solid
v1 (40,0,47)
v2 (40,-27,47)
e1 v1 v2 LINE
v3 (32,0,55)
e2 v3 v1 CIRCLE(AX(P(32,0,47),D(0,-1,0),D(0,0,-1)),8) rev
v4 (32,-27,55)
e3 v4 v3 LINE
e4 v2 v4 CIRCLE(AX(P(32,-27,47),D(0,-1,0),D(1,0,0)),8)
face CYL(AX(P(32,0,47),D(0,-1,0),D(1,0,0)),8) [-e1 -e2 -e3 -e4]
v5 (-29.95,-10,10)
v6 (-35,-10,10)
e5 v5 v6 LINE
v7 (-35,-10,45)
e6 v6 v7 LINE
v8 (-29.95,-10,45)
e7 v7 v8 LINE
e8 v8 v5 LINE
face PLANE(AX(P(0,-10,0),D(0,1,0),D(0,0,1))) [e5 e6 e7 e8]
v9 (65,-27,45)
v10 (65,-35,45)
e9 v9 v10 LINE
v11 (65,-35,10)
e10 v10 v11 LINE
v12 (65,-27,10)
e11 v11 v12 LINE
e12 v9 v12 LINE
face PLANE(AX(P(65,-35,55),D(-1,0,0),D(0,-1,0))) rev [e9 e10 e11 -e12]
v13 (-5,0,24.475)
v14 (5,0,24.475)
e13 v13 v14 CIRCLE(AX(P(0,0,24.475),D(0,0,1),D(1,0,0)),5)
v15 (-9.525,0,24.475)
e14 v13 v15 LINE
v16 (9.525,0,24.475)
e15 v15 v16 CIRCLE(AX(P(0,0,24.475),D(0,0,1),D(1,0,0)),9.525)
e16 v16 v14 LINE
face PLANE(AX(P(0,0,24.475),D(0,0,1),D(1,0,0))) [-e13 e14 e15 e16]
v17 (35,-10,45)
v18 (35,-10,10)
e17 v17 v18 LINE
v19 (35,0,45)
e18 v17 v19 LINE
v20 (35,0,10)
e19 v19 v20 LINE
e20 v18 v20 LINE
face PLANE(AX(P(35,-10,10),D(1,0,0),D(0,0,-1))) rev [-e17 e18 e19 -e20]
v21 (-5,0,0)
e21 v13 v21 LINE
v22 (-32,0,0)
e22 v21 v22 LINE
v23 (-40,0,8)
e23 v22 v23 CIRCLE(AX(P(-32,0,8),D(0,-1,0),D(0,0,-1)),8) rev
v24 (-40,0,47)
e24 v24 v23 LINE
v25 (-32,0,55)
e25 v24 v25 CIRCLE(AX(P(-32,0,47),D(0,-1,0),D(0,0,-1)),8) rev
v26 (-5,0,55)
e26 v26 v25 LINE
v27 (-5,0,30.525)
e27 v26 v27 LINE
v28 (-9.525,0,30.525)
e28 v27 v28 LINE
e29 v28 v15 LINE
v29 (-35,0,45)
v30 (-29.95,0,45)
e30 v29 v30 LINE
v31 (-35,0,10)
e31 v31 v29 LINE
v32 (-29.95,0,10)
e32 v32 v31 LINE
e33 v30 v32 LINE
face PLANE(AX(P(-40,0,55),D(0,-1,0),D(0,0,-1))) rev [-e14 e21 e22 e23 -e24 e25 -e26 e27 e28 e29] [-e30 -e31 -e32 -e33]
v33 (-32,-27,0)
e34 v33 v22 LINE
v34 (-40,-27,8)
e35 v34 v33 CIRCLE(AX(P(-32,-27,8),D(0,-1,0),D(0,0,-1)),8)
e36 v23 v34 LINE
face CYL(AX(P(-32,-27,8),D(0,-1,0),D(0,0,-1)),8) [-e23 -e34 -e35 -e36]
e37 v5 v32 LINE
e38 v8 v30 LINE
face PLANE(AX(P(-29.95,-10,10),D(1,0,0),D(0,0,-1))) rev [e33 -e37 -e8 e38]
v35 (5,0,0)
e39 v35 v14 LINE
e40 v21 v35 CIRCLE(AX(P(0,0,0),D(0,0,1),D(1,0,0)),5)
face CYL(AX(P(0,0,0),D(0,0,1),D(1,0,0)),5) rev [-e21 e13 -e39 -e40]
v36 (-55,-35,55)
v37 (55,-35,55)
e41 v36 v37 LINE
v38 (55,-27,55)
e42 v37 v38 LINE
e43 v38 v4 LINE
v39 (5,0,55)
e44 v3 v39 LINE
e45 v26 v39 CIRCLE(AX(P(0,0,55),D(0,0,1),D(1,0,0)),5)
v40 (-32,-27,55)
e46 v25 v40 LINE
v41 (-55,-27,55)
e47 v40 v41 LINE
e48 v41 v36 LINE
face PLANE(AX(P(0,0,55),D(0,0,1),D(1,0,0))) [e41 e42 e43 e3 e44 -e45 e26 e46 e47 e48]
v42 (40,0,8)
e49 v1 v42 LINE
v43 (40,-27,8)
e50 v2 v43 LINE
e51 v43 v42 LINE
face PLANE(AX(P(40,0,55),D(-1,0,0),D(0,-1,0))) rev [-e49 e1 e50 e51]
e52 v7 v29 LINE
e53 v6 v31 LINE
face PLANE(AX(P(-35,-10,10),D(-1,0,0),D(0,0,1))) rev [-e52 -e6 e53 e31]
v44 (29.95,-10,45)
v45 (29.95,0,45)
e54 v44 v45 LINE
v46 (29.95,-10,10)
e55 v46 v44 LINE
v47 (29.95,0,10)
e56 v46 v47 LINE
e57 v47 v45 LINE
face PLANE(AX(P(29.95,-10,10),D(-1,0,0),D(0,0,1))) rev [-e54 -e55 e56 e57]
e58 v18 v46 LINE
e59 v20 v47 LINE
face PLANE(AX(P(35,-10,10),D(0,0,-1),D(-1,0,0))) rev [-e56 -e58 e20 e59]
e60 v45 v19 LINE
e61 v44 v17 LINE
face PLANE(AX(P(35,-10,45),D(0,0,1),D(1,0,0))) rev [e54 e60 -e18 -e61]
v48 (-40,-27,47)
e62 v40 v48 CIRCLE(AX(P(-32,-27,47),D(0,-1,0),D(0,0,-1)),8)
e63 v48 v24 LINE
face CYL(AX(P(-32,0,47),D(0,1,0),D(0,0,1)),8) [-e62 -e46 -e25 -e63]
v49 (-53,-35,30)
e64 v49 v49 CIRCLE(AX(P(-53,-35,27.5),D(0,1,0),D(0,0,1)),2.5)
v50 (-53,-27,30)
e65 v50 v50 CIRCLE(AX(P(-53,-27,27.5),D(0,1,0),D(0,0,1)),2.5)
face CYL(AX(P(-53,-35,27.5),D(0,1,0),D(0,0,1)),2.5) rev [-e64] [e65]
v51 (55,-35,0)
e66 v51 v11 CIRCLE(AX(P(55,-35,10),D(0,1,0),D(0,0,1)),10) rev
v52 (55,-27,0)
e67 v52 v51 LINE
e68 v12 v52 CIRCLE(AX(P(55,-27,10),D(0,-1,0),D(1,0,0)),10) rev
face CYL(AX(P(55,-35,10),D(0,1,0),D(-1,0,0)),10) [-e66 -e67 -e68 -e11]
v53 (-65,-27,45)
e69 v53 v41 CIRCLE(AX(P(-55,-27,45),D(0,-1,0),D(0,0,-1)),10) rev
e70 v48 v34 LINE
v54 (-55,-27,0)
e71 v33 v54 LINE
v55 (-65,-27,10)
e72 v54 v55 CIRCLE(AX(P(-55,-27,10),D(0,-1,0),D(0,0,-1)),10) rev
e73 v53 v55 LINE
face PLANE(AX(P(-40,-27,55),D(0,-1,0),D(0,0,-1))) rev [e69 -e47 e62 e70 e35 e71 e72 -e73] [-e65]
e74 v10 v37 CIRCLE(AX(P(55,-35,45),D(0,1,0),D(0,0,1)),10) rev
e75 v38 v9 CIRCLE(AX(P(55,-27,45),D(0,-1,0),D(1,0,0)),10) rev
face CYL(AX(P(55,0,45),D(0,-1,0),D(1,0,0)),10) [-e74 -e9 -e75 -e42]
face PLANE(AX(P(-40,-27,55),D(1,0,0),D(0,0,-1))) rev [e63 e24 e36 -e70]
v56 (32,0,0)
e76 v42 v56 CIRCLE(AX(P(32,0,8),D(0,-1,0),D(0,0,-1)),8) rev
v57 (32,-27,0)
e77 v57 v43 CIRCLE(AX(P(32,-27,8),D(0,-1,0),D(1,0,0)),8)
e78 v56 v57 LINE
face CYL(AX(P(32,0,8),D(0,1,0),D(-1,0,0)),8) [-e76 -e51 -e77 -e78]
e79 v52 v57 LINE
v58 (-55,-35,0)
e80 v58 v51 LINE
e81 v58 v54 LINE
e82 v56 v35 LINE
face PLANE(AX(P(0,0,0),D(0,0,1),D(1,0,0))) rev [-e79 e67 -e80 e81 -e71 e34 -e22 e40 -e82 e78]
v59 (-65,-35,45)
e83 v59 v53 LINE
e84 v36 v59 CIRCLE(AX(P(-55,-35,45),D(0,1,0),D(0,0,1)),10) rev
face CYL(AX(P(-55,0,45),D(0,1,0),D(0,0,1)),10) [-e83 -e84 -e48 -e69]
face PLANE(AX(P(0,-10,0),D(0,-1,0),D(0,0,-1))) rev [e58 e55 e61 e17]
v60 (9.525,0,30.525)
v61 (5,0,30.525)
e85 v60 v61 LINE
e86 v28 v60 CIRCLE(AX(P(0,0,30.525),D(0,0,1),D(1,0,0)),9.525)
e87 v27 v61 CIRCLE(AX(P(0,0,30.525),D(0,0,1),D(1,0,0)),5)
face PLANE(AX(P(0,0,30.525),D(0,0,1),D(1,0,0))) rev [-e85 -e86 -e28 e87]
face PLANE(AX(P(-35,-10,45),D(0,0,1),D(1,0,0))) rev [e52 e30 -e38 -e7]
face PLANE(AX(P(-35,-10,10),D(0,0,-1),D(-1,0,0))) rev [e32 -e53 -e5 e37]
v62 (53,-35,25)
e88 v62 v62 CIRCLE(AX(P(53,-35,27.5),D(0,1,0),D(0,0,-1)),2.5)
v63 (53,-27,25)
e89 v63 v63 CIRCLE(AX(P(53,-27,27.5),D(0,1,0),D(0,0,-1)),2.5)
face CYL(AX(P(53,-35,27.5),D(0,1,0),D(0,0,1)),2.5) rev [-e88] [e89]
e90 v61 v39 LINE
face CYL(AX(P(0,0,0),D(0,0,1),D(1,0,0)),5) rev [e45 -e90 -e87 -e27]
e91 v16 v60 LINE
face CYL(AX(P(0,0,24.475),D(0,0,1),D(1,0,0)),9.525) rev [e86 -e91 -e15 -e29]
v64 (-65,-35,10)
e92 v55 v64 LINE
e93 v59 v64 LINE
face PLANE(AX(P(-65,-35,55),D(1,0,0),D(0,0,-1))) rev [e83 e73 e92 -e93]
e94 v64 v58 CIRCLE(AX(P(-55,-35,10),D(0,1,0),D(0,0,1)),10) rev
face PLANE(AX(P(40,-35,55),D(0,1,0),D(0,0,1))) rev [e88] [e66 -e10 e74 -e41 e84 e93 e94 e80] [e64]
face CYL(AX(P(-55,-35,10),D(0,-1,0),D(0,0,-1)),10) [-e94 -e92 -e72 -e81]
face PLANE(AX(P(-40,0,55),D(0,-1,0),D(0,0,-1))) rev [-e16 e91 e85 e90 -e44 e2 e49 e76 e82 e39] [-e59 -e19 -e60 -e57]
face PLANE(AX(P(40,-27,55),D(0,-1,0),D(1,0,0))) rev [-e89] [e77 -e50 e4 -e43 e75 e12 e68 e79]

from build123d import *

# Parameters (mm, degrees)
SALIENTE_EXTRUIR1_DEPTH    = 55
CROQUIS2_R                 = 9.525
CORTAR_EXTRUIR1_DEPTH      = 3.025
CROQUIS3_W                 = 5.05
CROQUIS3_H                 = 35
CORTAR_EXTRUIR2_DEPTH      = 10
CORTAR_EXTRUIR3_DEPTH      = 79.779756283
CORTAR_EXTRUIR3_DEPTH_BACK = 79.779756283
CROQUIS4_R                 = 5
REDONDEO1_R                = 10
CROQUIS5_R                 = 2.5
CORTAR_EXTRUIR4_DEPTH      = 90.32524839
REDONDEO2_R                = 8


with BuildPart() as part:
    # Croquis1 → Saliente-Extruir1 (new body)
    with BuildSketch(Plane.XY):
        Polygon((-40, 0), (40, 0), (40, -27), (65, -27), (65, -35), (40, -35), (-40, -35), (-65, -35), (-65, -27), (-40, -27), align=None)
    extrude(amount=SALIENTE_EXTRUIR1_DEPTH)

    # Croquis2 → Cortar-Extruir1 (cut, symmetric)
    with BuildSketch(Plane.XY.offset(27.5)):
        Circle(CROQUIS2_R)
    extrude(amount=CORTAR_EXTRUIR1_DEPTH, both=True, mode=Mode.SUBTRACT)

    # Croquis3 → Cortar-Extruir2 (cut)
    with BuildSketch(Plane(origin=(0, 0, 0), x_dir=(1, 0, 0), z_dir=(0, 1, 0))):
        with Locations((-32.475, -27.5)):
            Rectangle(CROQUIS3_W, CROQUIS3_H)
        with Locations((32.475, -27.5)):
            Rectangle(CROQUIS3_W, CROQUIS3_H)
    extrude(amount=-CORTAR_EXTRUIR2_DEPTH, mode=Mode.SUBTRACT)

    # Croquis4 → Cortar-Extruir3 (cut, two sides: drawn at the far end of the back side and taken through both)
    with BuildSketch(Plane.XY.offset(27.5).offset(-CORTAR_EXTRUIR3_DEPTH_BACK)):
        Circle(CROQUIS4_R)
    extrude(amount=CORTAR_EXTRUIR3_DEPTH + CORTAR_EXTRUIR3_DEPTH_BACK, mode=Mode.SUBTRACT)

    # Redondeo1
    redondeo1_edges = [part.edges().sort_by_distance(p)[0] for p in [
        (65, -31, 0),
        (-65, -31, 0),
        (65, -31, 55),
        (-65, -31, 55),
    ]]
    fillet(redondeo1_edges, radius=REDONDEO1_R)

    # Croquis5 → Cortar-Extruir4 (cut, through all)
    with BuildSketch(Plane(origin=(0, -27, 0), x_dir=(1, 0, 0), z_dir=(0, 1, 0))):
        with Locations(Location((-53, -27.5, 0), (0, 0, 270))):
            Circle(CROQUIS5_R)
        with Locations(Location((53, -27.5, 0), (0, 0, 90))):
            Circle(CROQUIS5_R)
    extrude(amount=-CORTAR_EXTRUIR4_DEPTH, mode=Mode.SUBTRACT)

    # Redondeo2
    redondeo2_edges = [part.edges().sort_by_distance(p)[0] for p in [
        (-40, -13.5, 0),
        (40, -13.5, 0),
        (40, -13.5, 55),
        (-40, -13.5, 55),
    ]]
    fillet(redondeo2_edges, radius=REDONDEO2_R)


solid = part.part
